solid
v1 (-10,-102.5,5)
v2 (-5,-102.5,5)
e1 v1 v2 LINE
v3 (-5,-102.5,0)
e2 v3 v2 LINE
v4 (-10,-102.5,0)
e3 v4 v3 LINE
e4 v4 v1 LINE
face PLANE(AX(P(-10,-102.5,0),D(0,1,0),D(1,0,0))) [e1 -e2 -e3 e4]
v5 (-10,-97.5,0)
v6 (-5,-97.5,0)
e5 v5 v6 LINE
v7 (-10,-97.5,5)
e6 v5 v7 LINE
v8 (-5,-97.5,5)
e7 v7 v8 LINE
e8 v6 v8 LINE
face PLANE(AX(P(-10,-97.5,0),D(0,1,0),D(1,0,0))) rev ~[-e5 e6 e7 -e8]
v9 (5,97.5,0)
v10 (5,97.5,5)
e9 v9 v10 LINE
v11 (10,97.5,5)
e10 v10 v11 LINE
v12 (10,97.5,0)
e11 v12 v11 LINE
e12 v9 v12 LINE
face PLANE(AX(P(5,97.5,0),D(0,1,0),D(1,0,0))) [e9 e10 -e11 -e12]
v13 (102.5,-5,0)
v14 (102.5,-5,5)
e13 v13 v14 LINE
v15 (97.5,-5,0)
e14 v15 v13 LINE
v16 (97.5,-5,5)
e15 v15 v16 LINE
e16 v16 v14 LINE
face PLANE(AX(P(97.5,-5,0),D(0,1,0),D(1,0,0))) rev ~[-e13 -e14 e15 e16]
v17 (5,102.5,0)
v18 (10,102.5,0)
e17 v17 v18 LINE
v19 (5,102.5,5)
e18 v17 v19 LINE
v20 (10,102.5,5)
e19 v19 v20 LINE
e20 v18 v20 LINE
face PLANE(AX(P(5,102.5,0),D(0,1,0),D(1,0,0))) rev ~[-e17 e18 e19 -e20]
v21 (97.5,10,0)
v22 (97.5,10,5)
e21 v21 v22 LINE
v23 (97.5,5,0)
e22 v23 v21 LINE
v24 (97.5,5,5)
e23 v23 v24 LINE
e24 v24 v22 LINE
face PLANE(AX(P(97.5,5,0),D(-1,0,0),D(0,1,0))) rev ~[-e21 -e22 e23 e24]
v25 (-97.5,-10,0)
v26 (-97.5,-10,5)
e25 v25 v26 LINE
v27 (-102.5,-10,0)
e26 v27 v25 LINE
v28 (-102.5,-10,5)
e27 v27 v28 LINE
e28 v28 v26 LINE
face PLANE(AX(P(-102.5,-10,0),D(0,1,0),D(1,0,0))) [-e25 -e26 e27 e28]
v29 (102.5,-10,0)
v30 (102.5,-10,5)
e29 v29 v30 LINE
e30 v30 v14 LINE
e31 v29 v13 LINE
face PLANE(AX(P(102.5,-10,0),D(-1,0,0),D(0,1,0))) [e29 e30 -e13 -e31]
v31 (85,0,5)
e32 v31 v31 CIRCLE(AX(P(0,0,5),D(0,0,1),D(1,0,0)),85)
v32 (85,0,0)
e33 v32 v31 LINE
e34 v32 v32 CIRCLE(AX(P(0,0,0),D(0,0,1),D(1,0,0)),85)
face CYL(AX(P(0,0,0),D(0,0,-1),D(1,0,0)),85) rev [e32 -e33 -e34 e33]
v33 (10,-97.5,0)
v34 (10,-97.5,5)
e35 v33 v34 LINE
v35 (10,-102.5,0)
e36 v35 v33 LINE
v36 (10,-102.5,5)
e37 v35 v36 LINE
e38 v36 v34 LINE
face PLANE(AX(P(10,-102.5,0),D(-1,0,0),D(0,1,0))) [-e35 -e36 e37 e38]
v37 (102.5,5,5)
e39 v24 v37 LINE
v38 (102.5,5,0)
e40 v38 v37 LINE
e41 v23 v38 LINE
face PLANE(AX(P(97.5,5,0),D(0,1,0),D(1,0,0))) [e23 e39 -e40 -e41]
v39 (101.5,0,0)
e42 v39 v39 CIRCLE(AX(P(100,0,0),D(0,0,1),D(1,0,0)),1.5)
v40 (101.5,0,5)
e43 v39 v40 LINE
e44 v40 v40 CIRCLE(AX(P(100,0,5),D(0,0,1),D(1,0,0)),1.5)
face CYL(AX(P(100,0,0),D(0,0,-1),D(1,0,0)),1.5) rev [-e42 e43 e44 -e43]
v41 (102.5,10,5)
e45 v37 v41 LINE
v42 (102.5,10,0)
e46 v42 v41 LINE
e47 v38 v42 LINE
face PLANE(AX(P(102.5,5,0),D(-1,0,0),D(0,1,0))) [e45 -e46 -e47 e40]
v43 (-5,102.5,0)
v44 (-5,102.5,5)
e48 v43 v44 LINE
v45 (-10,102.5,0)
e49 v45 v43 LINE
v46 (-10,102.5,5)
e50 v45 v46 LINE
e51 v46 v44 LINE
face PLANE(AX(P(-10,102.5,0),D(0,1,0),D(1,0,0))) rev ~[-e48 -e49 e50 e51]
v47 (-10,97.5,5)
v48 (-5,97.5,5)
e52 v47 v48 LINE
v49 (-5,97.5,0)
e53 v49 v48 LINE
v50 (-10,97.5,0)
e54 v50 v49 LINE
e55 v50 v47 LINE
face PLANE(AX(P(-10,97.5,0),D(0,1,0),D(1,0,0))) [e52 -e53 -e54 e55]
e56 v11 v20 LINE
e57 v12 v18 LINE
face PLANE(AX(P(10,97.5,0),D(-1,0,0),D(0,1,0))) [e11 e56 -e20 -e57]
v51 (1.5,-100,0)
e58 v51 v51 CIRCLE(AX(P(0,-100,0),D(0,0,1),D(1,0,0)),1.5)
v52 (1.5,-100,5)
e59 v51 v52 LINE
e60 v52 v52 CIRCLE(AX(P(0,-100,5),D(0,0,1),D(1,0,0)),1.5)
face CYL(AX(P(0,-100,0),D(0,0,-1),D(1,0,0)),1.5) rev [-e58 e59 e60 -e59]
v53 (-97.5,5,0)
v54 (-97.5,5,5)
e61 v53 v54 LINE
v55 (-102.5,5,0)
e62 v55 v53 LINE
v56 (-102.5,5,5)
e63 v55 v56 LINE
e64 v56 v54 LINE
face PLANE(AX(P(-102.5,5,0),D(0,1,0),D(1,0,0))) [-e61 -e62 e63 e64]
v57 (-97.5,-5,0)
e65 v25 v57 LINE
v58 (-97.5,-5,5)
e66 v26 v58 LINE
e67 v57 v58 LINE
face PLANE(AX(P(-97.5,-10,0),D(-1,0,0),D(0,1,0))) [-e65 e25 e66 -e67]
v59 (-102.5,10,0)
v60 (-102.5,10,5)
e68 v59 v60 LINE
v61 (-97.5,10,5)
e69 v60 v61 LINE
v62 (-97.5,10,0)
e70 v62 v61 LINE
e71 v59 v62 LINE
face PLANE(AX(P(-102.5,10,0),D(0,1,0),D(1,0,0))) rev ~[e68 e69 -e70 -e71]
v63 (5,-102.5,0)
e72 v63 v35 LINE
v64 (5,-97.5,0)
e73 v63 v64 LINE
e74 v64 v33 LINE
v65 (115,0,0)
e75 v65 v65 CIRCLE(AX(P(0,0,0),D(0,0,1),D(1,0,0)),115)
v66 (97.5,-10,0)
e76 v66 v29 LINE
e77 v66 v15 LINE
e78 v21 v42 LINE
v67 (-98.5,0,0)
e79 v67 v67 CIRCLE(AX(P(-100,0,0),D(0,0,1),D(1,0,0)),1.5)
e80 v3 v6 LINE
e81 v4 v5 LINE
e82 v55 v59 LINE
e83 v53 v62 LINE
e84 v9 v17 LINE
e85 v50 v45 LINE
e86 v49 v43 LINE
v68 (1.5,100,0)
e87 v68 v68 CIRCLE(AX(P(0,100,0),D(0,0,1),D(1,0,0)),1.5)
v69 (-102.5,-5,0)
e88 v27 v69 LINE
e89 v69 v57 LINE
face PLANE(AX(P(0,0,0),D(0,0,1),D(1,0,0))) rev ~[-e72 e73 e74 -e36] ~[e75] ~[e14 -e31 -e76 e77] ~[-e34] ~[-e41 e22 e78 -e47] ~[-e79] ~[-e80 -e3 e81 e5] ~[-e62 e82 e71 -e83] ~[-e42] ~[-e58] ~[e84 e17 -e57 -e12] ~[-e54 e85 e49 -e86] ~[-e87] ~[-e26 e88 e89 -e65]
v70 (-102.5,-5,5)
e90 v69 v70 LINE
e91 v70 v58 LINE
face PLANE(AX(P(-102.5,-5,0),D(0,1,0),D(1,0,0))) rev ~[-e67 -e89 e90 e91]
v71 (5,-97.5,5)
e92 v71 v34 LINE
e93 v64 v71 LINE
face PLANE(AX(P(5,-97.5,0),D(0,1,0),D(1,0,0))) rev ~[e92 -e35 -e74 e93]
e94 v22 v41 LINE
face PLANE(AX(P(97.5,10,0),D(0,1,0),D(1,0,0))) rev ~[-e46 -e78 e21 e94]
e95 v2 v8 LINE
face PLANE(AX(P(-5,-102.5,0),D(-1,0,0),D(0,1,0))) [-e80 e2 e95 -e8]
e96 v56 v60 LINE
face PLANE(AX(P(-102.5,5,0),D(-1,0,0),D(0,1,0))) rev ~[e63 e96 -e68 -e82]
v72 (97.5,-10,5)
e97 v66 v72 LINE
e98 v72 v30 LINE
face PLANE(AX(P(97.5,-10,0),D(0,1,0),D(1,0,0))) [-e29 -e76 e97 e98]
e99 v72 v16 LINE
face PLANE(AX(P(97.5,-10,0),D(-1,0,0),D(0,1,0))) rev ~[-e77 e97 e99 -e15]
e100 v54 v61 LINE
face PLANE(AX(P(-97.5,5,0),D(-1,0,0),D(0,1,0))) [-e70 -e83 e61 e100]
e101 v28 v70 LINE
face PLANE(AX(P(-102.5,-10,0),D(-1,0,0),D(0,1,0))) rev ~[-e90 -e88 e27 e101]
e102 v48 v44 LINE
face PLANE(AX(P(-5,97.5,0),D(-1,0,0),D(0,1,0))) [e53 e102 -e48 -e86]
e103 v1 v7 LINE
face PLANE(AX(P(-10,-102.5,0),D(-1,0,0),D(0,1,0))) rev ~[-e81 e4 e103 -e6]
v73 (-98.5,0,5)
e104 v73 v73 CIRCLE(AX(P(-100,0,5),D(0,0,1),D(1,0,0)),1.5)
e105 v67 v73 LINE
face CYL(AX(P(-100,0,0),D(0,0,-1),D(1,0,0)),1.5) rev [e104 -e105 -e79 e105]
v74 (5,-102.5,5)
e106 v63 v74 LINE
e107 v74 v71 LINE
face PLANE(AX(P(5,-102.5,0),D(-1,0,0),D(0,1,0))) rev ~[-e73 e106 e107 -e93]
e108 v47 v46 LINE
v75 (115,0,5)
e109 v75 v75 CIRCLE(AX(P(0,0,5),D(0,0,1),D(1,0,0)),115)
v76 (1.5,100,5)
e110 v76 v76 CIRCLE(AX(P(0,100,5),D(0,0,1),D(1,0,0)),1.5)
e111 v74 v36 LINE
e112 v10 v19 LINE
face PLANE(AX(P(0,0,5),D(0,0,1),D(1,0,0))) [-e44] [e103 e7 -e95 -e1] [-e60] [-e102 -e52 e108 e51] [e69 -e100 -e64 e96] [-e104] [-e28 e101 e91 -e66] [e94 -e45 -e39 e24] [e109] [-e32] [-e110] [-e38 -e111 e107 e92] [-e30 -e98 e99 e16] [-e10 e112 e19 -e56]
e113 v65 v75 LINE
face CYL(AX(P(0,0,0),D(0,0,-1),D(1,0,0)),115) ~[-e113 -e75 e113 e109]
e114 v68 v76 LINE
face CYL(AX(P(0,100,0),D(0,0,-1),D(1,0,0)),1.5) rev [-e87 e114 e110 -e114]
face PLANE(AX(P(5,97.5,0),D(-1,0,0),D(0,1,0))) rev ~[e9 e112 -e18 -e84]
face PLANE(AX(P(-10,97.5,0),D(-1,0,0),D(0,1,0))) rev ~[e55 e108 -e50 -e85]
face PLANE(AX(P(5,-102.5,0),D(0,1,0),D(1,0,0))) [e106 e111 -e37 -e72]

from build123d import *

# Parameters (mm, degrees)
ESQUISSE1_R        = 115
ESQUISSE1_R_2      = 85
ESQUISSE1_R_3      = 1.5
ESQUISSE1_W        = 5
ESQUISSE1_H        = 5
BOSS_EXTRU_1_DEPTH = 5


with BuildPart() as part:
    # Esquisse1 → Boss.-Extru.1 (new body)
    with BuildSketch(Plane.XY):
        Circle(ESQUISSE1_R)
        Circle(ESQUISSE1_R_2, mode=Mode.SUBTRACT)
        with Locations((-100, 0)):
            Circle(ESQUISSE1_R_3, mode=Mode.SUBTRACT)
        with Locations((0, 100)):
            Circle(ESQUISSE1_R_3, mode=Mode.SUBTRACT)
        with Locations((100, 0)):
            Circle(ESQUISSE1_R_3, mode=Mode.SUBTRACT)
        with Locations((0, -100)):
            Circle(ESQUISSE1_R_3, mode=Mode.SUBTRACT)
        with Locations((-100, -7.5)):
            Rectangle(ESQUISSE1_W, ESQUISSE1_H, mode=Mode.SUBTRACT)
        with Locations((-100, 7.5)):
            Rectangle(ESQUISSE1_W, ESQUISSE1_H, mode=Mode.SUBTRACT)
        with Locations((-7.5, 100)):
            Rectangle(ESQUISSE1_W, ESQUISSE1_H, mode=Mode.SUBTRACT)
        with Locations((7.5, 100)):
            Rectangle(ESQUISSE1_W, ESQUISSE1_H, mode=Mode.SUBTRACT)
        with Locations((100, 7.5)):
            Rectangle(ESQUISSE1_W, ESQUISSE1_H, mode=Mode.SUBTRACT)
        with Locations((100, -7.5)):
            Rectangle(ESQUISSE1_W, ESQUISSE1_H, mode=Mode.SUBTRACT)
        with Locations((7.5, -100)):
            Rectangle(ESQUISSE1_W, ESQUISSE1_H, mode=Mode.SUBTRACT)
        with Locations((-7.5, -100)):
            Rectangle(ESQUISSE1_W, ESQUISSE1_H, mode=Mode.SUBTRACT)
    extrude(amount=BOSS_EXTRU_1_DEPTH)


solid = part.part
